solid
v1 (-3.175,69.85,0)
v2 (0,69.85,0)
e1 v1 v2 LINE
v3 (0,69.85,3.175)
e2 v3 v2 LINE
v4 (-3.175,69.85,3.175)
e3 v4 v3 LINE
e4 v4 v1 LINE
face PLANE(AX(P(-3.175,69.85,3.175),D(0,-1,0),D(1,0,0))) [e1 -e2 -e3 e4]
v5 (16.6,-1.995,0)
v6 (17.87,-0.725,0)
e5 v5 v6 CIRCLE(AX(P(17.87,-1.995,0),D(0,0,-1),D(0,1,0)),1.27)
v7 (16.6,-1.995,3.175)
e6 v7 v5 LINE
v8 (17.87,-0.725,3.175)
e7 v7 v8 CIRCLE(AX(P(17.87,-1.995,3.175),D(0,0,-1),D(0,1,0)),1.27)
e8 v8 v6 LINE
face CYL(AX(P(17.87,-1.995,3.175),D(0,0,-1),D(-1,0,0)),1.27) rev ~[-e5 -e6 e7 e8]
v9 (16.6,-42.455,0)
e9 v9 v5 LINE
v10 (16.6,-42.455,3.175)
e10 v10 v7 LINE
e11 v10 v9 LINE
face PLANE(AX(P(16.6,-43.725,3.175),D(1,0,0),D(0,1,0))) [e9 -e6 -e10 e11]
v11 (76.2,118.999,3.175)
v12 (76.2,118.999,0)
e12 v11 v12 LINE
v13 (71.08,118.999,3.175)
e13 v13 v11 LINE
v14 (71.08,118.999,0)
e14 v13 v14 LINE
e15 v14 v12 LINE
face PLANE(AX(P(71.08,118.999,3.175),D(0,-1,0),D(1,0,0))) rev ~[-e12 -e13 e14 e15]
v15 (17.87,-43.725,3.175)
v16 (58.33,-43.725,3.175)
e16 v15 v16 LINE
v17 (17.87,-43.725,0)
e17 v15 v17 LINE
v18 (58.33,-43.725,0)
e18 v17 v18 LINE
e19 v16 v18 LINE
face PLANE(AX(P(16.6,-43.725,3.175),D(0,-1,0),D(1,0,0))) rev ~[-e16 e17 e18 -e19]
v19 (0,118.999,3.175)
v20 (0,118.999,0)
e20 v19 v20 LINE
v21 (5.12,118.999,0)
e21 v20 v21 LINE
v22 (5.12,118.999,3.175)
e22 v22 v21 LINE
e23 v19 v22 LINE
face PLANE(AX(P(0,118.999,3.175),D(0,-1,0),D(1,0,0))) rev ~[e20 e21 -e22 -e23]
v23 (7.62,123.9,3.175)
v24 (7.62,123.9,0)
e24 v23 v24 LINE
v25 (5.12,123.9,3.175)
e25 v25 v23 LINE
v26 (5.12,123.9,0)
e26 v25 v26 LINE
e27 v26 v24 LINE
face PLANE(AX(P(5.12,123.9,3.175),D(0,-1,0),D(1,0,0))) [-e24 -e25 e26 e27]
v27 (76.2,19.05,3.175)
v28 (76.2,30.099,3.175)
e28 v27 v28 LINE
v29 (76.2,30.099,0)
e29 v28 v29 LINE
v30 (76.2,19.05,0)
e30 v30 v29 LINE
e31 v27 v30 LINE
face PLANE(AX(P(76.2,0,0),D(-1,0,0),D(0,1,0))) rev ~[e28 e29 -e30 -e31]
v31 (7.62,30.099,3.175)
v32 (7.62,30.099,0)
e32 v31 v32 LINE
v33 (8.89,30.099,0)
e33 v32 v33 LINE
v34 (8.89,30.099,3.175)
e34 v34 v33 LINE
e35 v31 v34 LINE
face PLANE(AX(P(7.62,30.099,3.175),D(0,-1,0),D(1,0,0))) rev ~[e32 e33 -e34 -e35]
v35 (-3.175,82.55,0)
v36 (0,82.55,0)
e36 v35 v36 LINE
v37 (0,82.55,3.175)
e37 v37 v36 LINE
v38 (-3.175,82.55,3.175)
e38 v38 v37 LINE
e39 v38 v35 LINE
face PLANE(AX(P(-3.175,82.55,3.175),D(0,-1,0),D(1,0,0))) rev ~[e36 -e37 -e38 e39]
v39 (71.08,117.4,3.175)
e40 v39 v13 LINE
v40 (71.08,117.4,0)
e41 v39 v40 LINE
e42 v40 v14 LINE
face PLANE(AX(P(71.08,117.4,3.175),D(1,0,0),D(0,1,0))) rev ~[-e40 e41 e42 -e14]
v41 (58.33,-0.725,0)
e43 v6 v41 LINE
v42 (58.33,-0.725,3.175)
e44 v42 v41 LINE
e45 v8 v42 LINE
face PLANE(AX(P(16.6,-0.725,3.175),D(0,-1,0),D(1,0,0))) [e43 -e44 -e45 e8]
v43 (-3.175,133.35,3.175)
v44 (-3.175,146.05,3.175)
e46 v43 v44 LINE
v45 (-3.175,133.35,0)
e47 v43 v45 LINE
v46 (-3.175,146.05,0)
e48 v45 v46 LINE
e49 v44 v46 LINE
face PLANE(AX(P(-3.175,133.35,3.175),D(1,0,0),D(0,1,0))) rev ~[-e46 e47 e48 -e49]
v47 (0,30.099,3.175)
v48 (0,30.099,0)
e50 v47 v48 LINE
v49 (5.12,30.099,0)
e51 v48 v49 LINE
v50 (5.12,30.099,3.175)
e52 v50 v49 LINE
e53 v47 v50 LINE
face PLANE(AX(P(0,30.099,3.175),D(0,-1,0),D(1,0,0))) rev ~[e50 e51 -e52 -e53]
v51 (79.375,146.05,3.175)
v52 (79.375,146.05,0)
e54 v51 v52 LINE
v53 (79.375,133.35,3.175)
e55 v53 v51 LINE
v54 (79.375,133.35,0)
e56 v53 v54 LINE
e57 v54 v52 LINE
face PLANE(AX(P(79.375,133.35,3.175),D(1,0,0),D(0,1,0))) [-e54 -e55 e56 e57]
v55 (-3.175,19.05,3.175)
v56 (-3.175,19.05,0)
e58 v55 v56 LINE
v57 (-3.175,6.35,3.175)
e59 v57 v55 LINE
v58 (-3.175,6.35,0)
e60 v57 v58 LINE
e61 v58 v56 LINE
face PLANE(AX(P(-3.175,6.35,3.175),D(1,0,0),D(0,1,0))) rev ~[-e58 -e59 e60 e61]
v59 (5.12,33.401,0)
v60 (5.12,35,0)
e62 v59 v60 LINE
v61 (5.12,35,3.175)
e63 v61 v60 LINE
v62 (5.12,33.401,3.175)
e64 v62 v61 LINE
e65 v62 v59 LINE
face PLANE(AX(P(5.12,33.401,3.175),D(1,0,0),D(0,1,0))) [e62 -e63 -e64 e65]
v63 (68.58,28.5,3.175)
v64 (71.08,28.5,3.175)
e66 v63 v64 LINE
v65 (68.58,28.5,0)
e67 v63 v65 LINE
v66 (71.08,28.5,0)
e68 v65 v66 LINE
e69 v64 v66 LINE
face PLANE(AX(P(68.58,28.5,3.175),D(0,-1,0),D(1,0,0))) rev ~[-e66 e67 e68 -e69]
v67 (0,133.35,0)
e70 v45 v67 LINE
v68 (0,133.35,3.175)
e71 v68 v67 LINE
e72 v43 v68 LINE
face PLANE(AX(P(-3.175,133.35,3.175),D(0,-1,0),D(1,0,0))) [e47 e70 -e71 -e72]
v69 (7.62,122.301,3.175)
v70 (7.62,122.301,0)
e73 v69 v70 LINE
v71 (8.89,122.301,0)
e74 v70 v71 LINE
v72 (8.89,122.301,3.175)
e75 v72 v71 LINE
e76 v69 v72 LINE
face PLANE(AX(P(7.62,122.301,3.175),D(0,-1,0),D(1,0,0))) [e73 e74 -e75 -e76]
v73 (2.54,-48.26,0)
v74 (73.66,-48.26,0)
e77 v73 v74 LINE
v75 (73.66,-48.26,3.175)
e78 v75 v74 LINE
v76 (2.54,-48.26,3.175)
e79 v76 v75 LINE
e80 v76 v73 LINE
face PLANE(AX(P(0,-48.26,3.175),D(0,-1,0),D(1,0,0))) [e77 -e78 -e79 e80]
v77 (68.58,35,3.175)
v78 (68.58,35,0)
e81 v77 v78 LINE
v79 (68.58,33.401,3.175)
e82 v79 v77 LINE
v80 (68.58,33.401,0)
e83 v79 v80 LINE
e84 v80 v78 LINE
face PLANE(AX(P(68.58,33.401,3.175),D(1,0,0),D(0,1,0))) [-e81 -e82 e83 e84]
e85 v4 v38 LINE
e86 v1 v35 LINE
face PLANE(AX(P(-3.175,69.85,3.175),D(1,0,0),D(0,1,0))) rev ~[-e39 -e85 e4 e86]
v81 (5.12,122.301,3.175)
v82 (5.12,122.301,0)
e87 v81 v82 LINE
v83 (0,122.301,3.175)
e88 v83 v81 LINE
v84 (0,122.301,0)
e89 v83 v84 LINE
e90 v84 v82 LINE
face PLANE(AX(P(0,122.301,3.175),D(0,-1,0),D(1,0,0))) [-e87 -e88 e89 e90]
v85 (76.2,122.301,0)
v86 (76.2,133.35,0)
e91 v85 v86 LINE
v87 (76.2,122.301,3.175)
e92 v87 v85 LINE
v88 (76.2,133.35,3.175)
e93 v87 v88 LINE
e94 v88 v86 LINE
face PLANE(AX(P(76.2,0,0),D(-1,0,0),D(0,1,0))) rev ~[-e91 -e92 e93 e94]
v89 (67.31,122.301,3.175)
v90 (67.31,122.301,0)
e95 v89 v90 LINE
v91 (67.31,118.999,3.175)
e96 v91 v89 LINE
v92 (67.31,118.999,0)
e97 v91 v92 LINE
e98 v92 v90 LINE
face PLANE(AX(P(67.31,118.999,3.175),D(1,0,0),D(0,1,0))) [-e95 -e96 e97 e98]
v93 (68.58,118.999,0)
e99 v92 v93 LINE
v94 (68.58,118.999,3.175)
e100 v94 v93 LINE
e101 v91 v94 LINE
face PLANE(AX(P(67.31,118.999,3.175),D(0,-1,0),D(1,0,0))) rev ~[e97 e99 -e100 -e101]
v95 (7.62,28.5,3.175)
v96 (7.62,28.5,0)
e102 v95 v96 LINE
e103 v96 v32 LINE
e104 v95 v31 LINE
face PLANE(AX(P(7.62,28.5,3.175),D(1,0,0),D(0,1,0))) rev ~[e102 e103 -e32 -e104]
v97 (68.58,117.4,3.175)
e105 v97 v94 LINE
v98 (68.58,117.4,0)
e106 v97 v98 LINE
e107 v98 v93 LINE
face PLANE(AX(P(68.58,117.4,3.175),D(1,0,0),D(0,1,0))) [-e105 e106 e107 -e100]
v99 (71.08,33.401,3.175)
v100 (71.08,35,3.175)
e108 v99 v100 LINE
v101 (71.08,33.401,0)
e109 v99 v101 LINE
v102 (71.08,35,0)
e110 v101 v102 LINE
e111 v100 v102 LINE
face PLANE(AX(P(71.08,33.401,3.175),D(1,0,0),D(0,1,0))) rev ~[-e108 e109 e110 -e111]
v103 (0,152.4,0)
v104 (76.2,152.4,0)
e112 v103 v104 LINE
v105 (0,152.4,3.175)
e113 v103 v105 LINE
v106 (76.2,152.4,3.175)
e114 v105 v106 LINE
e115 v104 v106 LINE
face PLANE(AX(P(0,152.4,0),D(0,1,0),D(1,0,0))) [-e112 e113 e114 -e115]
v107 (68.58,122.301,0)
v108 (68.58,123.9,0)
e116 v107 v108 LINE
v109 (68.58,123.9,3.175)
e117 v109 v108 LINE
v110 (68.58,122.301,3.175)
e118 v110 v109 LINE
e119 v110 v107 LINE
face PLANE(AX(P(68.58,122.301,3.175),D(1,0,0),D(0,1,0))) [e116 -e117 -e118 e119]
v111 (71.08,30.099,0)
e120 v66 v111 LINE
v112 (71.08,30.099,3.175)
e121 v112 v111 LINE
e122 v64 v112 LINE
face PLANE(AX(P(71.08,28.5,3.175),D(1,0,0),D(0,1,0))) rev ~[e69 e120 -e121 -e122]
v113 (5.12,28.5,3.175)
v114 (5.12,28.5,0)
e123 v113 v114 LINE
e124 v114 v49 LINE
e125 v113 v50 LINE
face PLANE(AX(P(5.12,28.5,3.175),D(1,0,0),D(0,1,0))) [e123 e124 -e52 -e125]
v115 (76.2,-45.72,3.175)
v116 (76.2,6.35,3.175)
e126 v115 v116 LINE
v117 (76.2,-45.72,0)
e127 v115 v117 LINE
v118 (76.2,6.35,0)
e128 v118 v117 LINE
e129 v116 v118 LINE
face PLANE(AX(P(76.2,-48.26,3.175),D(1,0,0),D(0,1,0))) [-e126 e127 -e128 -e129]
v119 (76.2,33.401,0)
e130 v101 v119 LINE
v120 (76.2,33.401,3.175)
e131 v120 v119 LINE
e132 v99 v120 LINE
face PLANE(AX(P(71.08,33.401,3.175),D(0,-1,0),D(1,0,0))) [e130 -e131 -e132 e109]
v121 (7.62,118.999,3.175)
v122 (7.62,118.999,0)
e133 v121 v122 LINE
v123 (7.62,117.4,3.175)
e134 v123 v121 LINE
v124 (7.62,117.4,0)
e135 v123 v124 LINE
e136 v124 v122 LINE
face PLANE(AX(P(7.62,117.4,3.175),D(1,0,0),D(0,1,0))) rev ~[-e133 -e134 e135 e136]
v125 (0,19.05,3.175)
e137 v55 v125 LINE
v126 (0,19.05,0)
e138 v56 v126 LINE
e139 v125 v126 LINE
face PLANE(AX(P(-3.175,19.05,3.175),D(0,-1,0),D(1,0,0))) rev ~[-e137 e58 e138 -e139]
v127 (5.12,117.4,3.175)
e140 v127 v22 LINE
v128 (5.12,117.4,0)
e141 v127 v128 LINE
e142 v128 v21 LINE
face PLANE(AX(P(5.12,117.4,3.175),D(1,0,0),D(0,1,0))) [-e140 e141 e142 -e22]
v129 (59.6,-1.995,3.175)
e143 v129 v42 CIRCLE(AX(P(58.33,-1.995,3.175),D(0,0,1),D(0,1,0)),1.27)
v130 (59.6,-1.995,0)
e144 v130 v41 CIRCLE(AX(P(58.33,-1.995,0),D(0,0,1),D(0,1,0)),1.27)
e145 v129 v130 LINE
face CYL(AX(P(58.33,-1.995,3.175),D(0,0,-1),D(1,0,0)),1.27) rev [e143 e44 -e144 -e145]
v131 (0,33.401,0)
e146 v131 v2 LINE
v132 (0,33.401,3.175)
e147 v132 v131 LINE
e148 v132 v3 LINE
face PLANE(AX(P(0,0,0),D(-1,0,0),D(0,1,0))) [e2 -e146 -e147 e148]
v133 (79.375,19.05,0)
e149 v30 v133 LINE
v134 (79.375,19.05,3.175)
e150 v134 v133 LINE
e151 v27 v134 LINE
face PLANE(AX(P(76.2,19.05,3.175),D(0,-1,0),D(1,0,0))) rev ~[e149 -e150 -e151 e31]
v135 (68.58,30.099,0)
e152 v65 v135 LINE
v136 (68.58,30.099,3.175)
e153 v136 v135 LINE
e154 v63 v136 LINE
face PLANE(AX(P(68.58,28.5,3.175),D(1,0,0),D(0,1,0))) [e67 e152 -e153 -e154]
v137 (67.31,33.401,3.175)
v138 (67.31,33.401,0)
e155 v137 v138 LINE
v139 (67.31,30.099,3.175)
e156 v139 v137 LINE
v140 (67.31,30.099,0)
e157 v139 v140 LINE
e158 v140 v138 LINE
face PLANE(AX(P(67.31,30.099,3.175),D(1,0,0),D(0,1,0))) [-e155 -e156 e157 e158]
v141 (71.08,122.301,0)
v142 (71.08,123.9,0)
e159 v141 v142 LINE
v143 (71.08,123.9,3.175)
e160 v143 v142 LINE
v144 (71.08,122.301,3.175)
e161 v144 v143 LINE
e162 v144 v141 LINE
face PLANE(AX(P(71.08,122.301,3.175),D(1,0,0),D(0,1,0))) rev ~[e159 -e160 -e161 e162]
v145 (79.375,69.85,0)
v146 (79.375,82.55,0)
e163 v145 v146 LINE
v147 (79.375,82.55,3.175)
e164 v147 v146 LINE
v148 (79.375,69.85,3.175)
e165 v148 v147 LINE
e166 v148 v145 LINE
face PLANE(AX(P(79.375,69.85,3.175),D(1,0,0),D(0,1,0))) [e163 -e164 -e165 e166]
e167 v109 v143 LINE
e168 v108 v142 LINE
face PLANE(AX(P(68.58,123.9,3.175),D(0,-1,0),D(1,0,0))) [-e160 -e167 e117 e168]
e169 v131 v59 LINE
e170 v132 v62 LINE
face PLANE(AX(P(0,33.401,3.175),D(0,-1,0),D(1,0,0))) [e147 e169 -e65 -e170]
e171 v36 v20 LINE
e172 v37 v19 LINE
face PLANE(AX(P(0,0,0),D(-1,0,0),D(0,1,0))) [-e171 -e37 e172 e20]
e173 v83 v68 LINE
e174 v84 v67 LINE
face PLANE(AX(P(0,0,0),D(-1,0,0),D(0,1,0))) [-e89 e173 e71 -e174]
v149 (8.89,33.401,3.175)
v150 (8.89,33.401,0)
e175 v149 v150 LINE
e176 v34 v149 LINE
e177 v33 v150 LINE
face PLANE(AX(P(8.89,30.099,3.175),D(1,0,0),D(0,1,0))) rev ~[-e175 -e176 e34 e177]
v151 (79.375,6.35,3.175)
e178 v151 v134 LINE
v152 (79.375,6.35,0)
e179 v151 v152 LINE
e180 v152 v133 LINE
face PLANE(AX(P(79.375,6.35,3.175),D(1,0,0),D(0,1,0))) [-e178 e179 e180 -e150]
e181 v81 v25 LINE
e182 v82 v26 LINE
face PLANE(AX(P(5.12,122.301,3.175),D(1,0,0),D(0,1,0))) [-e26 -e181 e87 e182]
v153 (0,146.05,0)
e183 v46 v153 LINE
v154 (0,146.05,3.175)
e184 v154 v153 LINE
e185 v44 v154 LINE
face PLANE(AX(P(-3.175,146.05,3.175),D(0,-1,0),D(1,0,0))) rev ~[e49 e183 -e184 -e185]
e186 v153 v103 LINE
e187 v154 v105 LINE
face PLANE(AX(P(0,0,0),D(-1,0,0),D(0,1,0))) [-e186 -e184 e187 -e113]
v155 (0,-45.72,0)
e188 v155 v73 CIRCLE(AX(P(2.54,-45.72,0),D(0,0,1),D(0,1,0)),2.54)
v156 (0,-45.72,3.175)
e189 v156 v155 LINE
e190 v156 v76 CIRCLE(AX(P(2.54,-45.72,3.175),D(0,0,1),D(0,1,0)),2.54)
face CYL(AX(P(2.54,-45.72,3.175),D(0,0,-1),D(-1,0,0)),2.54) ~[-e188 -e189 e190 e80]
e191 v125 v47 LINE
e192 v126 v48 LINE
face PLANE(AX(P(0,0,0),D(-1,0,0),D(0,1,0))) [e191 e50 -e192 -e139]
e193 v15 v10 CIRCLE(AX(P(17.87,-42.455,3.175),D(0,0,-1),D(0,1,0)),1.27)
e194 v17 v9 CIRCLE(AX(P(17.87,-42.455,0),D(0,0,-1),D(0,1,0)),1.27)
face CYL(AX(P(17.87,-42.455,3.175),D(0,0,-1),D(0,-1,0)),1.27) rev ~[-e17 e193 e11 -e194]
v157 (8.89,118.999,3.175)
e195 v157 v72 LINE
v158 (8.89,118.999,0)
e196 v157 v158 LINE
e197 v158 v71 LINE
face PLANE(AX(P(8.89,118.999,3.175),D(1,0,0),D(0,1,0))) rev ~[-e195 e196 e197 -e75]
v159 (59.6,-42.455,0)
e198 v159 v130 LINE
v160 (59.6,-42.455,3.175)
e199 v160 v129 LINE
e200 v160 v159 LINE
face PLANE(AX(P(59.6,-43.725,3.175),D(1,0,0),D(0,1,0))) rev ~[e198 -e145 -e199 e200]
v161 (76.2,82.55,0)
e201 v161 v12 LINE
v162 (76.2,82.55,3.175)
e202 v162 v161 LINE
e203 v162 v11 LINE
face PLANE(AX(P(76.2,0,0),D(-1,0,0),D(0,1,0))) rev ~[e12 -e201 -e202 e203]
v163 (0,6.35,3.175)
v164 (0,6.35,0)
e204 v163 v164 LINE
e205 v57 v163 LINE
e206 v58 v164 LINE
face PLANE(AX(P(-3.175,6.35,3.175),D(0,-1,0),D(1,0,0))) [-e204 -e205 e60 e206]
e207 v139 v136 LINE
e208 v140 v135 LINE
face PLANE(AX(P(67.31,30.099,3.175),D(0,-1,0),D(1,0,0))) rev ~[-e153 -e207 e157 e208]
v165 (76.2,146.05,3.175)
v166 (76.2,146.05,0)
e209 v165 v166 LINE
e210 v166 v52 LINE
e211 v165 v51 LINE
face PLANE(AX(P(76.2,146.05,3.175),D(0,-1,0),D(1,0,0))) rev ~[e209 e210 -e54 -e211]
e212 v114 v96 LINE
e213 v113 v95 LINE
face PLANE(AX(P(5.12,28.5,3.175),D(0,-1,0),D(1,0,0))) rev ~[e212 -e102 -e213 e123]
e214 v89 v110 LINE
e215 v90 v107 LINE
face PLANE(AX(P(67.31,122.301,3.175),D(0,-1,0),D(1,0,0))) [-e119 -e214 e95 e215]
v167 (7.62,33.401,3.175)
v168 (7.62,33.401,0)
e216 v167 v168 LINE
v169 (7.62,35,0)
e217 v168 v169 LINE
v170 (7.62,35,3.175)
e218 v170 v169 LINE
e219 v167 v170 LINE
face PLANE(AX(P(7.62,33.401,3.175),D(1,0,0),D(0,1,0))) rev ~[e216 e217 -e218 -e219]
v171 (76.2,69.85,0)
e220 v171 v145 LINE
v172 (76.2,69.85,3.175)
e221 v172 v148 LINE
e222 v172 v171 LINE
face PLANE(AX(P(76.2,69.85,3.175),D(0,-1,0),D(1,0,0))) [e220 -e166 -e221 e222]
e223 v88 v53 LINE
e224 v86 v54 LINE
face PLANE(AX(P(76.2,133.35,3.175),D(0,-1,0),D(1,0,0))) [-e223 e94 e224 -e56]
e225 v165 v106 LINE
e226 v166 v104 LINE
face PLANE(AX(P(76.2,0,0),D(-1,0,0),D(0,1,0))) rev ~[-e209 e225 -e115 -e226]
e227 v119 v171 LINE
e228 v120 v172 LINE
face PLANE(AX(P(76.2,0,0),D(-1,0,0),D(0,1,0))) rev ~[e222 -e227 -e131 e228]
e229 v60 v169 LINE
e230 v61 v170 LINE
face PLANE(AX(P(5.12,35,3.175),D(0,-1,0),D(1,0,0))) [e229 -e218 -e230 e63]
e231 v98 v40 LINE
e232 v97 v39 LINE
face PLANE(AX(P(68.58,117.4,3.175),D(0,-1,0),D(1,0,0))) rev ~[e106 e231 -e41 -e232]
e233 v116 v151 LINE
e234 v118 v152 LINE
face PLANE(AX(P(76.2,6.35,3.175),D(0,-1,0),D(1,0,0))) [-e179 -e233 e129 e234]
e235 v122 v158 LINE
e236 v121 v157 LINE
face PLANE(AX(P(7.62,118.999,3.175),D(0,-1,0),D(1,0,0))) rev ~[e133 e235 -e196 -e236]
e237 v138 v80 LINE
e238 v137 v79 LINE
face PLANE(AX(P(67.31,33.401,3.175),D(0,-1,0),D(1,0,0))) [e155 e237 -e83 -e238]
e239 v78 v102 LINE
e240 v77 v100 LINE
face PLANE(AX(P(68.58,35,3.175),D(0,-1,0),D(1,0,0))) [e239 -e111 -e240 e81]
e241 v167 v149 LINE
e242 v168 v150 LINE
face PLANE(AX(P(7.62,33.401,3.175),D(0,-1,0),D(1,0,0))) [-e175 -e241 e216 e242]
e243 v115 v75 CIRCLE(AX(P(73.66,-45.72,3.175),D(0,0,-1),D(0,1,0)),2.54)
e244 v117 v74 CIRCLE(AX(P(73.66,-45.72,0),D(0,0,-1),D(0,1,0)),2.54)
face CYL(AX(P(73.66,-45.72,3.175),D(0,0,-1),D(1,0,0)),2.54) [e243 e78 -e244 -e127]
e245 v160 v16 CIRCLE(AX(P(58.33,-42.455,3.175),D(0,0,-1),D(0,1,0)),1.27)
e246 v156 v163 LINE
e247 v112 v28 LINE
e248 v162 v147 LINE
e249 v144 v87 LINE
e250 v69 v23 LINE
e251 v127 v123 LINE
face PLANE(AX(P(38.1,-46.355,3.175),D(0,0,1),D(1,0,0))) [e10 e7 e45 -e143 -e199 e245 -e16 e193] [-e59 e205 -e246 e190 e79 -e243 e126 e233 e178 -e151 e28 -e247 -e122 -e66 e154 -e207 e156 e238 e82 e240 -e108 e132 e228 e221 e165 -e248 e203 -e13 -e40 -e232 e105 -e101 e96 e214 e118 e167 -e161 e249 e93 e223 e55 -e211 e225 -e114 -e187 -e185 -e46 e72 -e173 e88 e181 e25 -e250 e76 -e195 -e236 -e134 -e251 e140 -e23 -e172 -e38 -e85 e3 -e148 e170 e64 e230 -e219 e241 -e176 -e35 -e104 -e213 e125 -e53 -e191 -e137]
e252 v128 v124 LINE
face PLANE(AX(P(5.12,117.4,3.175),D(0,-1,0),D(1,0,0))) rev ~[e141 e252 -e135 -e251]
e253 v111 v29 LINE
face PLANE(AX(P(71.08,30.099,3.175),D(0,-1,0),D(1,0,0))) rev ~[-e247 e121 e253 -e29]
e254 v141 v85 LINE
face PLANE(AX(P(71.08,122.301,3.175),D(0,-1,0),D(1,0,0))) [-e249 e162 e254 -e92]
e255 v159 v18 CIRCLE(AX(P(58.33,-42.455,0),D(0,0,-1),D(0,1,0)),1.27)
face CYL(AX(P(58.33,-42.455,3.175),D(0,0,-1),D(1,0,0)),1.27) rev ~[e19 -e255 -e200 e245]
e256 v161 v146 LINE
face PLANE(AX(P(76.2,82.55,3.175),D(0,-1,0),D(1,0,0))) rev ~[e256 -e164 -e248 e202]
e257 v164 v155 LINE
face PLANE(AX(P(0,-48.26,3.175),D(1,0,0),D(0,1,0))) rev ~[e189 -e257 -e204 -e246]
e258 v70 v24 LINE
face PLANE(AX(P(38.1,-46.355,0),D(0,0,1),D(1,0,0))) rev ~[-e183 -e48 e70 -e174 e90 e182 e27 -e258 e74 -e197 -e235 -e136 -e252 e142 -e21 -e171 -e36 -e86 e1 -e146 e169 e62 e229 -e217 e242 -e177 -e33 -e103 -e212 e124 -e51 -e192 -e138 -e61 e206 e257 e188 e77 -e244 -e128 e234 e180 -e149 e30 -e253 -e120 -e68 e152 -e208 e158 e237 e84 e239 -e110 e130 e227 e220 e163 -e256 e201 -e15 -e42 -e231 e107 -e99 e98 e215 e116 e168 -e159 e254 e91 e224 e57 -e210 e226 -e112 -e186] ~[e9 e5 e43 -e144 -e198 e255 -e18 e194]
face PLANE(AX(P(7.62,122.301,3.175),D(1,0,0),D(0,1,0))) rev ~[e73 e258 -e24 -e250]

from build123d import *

# Parameters (mm, degrees)
SKETCH1_W           = 76.2
SKETCH1_H           = 152.4
BOSS_EXTRUDE1_DEPTH = 3.175
SKETCH2_W           = 3.175
SKETCH2_H           = 12.7
BOSS_EXTRUDE3_DEPTH = 3.175
SKETCH4_W           = 8.89
SKETCH4_H           = 3.302
SKETCH4_W_2         = 2.5
SKETCH4_H_2         = 6.5
CUT_EXTRUDE4_DEPTH  = 3.175
SKETCH5_W           = 76.2
SKETCH5_H           = 44.45
SKETCH5_W_2         = 43
SKETCH5_H_2         = 43
BOSS_EXTRUDE4_DEPTH = 3.175
SKETCH7_W           = 76.2
SKETCH7_H           = 3.81
BOSS_EXTRUDE5_DEPTH = 3.175
FILLET1_R           = 2.54
FILLET2_R           = 1.27


with BuildPart() as part:
    # Sketch1 → Boss-Extrude1 (new body)
    with BuildSketch(Plane.XY):
        with Locations((38.1, 76.2)):
            Rectangle(SKETCH1_W, SKETCH1_H)
    extrude(amount=BOSS_EXTRUDE1_DEPTH)

    # Sketch2 → Boss-Extrude3 (add)
    with BuildSketch(Plane.XY.offset(3.175)):
        with Locations((-1.5875, 76.2)):
            Rectangle(SKETCH2_W, SKETCH2_H)
        with Locations((77.7875, 139.7)):
            Rectangle(SKETCH2_W, SKETCH2_H)
        with Locations((77.7875, 76.2)):
            Rectangle(SKETCH2_W, SKETCH2_H)
        with Locations((77.7875, 12.7)):
            Rectangle(SKETCH2_W, SKETCH2_H)
        with Locations((-1.5875, 12.7)):
            Rectangle(SKETCH2_W, SKETCH2_H)
        with Locations((-1.5875, 139.7)):
            Rectangle(SKETCH2_W, SKETCH2_H)
    extrude(amount=-BOSS_EXTRUDE3_DEPTH)

    # Sketch4 → Cut-Extrude4 (cut)
    with BuildSketch(Plane.XY.offset(3.175)):
        with Locations((4.445, 120.65)):
            Rectangle(SKETCH4_W, SKETCH4_H)
        with Locations((6.37, 120.65)):
            Rectangle(SKETCH4_W_2, SKETCH4_H_2)
        with Locations((6.37, 31.75)):
            Rectangle(SKETCH4_W_2, SKETCH4_H_2)
        with Locations((4.445, 31.75)):
            Rectangle(SKETCH4_W, SKETCH4_H)
        with Locations((71.755, 31.75)):
            Rectangle(SKETCH4_W, SKETCH4_H)
        with Locations((69.83, 31.75)):
            Rectangle(SKETCH4_W_2, SKETCH4_H_2)
        with Locations((69.83, 120.65)):
            Rectangle(SKETCH4_W_2, SKETCH4_H_2)
        with Locations((71.755, 120.65)):
            Rectangle(SKETCH4_W, SKETCH4_H)
    extrude(amount=-CUT_EXTRUDE4_DEPTH, mode=Mode.SUBTRACT)

    # Sketch5 → Boss-Extrude4 (add)
    with BuildSketch(Plane.XY.offset(3.175)):
        with Locations((38.1, -22.225)):
            Rectangle(SKETCH5_W, SKETCH5_H)
        with Locations((38.1, -22.225)):
            Rectangle(SKETCH5_W_2, SKETCH5_H_2, mode=Mode.SUBTRACT)
    extrude(amount=-BOSS_EXTRUDE4_DEPTH)

    # Sketch7 → Boss-Extrude5 (add)
    with BuildSketch(Plane.XY.offset(3.175)):
        with Locations((38.1, -46.355)):
            Rectangle(SKETCH7_W, SKETCH7_H)
    extrude(amount=-BOSS_EXTRUDE5_DEPTH)

    # Fillet1
    fillet1_edges = [part.edges().sort_by_distance(p)[0] for p in [
        (76.2, -48.26, 1.5875),
        (0, -48.26, 1.5875),
    ]]
    fillet(fillet1_edges, radius=FILLET1_R)

    # Fillet2
    fillet2_edges = [part.edges().sort_by_distance(p)[0] for p in [
        (59.6, -43.725, 1.5875),
        (16.6, -43.725, 1.5875),
        (16.6, -0.725, 1.5875),
        (59.6, -0.725, 1.5875),
    ]]
    fillet(fillet2_edges, radius=FILLET2_R)


solid = part.part
